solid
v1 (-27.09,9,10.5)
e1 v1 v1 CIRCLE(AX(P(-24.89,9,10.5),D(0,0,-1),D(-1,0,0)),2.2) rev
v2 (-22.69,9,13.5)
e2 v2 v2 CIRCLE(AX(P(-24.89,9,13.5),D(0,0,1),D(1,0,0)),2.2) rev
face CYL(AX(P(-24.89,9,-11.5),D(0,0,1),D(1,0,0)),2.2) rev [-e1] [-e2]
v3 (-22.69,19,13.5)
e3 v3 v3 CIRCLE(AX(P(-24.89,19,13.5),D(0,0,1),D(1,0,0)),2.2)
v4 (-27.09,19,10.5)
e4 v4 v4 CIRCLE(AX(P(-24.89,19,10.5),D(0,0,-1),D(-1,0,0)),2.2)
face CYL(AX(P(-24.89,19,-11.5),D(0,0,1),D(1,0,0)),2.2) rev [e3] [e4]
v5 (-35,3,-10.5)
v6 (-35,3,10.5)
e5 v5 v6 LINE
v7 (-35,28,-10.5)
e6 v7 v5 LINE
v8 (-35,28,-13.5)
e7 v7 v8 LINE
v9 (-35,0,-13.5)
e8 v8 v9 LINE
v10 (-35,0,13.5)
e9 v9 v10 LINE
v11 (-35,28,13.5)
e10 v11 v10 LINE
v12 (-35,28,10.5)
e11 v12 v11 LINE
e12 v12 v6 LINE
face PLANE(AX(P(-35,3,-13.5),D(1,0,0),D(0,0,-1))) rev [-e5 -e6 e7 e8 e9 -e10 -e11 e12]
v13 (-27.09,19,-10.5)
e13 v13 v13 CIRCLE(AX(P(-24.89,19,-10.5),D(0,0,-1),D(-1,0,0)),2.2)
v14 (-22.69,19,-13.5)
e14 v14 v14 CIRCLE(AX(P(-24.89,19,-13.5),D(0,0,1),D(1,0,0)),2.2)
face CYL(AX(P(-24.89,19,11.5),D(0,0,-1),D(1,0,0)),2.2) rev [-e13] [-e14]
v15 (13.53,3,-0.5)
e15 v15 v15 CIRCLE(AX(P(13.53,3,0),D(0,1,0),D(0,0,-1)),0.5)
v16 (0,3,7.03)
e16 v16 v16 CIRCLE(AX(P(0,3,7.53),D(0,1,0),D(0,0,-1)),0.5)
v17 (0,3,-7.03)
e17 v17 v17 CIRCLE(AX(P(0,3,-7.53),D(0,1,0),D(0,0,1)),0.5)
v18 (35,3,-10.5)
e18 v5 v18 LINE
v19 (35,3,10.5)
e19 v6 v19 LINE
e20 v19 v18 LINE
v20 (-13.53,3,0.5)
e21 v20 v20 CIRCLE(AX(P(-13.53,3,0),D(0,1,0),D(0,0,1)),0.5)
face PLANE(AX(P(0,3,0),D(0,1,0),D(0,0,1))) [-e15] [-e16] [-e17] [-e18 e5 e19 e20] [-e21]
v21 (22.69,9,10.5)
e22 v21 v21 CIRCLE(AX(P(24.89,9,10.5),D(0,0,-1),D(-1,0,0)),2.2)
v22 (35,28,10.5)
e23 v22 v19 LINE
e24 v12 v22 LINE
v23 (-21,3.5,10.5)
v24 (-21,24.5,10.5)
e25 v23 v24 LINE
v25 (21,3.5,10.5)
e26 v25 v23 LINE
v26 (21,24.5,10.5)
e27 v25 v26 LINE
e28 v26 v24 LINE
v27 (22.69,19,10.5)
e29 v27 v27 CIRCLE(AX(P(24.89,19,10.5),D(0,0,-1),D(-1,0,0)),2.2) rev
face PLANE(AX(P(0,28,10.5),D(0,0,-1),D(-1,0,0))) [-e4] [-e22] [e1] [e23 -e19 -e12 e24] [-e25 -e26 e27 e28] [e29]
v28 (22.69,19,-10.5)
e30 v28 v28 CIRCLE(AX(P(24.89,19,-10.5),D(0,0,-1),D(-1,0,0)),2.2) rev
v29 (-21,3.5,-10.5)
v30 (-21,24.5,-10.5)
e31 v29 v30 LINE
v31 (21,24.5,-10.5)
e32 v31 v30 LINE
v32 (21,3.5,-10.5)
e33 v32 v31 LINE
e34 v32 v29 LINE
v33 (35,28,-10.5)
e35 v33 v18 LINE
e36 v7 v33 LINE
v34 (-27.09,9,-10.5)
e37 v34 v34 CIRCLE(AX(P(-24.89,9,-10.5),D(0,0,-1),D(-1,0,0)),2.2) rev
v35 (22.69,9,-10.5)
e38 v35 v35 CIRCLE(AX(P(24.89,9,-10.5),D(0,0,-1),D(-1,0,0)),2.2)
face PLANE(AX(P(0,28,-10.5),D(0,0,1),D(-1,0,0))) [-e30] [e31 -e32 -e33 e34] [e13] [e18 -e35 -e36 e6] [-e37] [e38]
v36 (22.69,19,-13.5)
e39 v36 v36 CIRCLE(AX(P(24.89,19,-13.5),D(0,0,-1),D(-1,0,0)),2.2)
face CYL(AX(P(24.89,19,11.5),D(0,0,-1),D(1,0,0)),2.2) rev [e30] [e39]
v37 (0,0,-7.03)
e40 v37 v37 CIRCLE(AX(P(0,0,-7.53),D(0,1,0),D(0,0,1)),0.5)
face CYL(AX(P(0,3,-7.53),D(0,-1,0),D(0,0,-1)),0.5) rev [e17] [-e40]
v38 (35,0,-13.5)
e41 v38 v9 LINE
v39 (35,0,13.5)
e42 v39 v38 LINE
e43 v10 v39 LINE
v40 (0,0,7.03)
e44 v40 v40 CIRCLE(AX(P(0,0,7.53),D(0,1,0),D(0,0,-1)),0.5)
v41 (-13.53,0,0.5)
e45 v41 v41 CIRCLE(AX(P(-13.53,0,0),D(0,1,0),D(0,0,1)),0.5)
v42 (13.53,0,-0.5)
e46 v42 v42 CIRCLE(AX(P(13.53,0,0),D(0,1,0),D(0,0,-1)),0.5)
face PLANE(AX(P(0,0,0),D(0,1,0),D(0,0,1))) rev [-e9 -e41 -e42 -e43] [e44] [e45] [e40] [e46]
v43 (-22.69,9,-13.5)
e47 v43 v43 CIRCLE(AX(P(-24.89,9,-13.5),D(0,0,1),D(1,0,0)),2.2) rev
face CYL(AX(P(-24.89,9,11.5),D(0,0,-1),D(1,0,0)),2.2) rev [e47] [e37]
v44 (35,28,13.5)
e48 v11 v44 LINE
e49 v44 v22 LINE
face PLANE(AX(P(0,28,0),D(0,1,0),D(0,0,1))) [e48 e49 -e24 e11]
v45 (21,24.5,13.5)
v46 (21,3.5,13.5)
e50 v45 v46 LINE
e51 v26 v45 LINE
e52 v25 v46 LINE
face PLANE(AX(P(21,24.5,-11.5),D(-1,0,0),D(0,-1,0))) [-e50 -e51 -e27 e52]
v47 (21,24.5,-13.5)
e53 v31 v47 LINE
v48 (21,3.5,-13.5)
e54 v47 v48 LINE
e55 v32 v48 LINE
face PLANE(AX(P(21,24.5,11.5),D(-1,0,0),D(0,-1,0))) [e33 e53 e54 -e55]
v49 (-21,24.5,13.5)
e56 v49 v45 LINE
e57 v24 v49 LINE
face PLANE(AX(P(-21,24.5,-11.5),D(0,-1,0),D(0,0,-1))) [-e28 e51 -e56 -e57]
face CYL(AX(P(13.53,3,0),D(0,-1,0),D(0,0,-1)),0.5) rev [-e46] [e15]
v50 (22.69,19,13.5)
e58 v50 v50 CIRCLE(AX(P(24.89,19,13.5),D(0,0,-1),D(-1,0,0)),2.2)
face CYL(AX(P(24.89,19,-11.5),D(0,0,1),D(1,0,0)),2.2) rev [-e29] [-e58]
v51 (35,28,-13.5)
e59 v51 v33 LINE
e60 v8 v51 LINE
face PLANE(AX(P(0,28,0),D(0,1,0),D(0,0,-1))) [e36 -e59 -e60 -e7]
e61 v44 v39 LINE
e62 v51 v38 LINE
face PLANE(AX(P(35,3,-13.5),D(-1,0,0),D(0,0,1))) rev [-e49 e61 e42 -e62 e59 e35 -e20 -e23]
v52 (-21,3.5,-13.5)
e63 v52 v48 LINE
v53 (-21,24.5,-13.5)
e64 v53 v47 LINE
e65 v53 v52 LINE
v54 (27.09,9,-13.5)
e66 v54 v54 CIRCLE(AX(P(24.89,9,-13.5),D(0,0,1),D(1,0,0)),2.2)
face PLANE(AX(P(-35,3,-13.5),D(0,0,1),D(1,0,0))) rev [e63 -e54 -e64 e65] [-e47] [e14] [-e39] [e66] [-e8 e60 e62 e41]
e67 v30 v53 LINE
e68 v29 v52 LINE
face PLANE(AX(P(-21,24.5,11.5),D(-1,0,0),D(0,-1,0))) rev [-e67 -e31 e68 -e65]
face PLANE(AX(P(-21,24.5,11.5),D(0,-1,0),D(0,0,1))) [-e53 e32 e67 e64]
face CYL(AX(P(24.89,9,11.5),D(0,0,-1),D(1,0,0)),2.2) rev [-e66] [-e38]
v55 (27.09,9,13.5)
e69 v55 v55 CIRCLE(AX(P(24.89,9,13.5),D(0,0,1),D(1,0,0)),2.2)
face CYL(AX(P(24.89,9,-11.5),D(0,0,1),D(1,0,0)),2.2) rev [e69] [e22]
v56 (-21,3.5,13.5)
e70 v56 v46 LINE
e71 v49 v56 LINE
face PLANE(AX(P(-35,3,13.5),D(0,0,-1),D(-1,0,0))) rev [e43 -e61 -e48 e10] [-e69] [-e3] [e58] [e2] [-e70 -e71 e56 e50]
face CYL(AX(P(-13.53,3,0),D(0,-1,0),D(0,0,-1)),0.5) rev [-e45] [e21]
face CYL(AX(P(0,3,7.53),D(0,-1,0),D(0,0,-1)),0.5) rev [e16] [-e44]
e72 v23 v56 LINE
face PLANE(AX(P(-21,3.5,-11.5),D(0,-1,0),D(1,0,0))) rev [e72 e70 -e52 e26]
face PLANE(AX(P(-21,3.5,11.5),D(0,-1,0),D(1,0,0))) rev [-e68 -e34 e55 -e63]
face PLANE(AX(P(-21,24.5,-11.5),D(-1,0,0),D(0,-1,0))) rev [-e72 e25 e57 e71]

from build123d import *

# Parameters (mm, degrees)
SKETCH1_W           = 70
SKETCH1_H           = 27
SKETCH1_R           = 0.5
BOSS_EXTRUDE2_DEPTH = 3
SKETCH2_W           = 70
SKETCH2_H           = 3
BOSS_EXTRUDE3_DEPTH = 25
SKETCH3_R           = 2.2
SKETCH3_W           = 42
SKETCH3_H           = 21
CUT_EXTRUDE1_DEPTH  = 25


with BuildPart() as part:
    # Sketch1 → Boss-Extrude2 (new body)
    with BuildSketch(Plane(origin=(0, 0, 0), x_dir=(1, 0, 0), z_dir=(0, 1, 0))):
        Rectangle(SKETCH1_W, SKETCH1_H)
        with Locations((-13.53, 0)):
            Circle(SKETCH1_R, mode=Mode.SUBTRACT)
        with Locations((0, 7.53)):
            Circle(SKETCH1_R, mode=Mode.SUBTRACT)
        with Locations((0, -7.53)):
            Circle(SKETCH1_R, mode=Mode.SUBTRACT)
        with Locations((13.53, 0)):
            Circle(SKETCH1_R, mode=Mode.SUBTRACT)
    extrude(amount=BOSS_EXTRUDE2_DEPTH)

    # Sketch2 → Boss-Extrude3 (add)
    with BuildSketch(Plane(origin=(0, 3, 0), x_dir=(1, 0, 0), z_dir=(0, 1, 0))):
        with Locations((0, -12)):
            Rectangle(SKETCH2_W, SKETCH2_H)
    extrude(amount=BOSS_EXTRUDE3_DEPTH)

    # Sketch3 → Cut-Extrude1 (cut)
    with BuildSketch(Plane.XY.offset(13.5)):
        with Locations((-24.89, 9)):
            Circle(SKETCH3_R)
        with Locations((-24.89, 19)):
            Circle(SKETCH3_R)
        with Locations((0, 14)):
            Rectangle(SKETCH3_W, SKETCH3_H)
        with Locations((24.89, 19)):
            Circle(SKETCH3_R)
        with Locations((24.89, 9)):
            Circle(SKETCH3_R)
    extrude(amount=-CUT_EXTRUDE1_DEPTH, mode=Mode.SUBTRACT)

    # Mirror1: part across plane


with BuildPart() as part_1:
    add(part.part)
    add(part.part.mirror(Plane.XY))


solid = part_1.part
